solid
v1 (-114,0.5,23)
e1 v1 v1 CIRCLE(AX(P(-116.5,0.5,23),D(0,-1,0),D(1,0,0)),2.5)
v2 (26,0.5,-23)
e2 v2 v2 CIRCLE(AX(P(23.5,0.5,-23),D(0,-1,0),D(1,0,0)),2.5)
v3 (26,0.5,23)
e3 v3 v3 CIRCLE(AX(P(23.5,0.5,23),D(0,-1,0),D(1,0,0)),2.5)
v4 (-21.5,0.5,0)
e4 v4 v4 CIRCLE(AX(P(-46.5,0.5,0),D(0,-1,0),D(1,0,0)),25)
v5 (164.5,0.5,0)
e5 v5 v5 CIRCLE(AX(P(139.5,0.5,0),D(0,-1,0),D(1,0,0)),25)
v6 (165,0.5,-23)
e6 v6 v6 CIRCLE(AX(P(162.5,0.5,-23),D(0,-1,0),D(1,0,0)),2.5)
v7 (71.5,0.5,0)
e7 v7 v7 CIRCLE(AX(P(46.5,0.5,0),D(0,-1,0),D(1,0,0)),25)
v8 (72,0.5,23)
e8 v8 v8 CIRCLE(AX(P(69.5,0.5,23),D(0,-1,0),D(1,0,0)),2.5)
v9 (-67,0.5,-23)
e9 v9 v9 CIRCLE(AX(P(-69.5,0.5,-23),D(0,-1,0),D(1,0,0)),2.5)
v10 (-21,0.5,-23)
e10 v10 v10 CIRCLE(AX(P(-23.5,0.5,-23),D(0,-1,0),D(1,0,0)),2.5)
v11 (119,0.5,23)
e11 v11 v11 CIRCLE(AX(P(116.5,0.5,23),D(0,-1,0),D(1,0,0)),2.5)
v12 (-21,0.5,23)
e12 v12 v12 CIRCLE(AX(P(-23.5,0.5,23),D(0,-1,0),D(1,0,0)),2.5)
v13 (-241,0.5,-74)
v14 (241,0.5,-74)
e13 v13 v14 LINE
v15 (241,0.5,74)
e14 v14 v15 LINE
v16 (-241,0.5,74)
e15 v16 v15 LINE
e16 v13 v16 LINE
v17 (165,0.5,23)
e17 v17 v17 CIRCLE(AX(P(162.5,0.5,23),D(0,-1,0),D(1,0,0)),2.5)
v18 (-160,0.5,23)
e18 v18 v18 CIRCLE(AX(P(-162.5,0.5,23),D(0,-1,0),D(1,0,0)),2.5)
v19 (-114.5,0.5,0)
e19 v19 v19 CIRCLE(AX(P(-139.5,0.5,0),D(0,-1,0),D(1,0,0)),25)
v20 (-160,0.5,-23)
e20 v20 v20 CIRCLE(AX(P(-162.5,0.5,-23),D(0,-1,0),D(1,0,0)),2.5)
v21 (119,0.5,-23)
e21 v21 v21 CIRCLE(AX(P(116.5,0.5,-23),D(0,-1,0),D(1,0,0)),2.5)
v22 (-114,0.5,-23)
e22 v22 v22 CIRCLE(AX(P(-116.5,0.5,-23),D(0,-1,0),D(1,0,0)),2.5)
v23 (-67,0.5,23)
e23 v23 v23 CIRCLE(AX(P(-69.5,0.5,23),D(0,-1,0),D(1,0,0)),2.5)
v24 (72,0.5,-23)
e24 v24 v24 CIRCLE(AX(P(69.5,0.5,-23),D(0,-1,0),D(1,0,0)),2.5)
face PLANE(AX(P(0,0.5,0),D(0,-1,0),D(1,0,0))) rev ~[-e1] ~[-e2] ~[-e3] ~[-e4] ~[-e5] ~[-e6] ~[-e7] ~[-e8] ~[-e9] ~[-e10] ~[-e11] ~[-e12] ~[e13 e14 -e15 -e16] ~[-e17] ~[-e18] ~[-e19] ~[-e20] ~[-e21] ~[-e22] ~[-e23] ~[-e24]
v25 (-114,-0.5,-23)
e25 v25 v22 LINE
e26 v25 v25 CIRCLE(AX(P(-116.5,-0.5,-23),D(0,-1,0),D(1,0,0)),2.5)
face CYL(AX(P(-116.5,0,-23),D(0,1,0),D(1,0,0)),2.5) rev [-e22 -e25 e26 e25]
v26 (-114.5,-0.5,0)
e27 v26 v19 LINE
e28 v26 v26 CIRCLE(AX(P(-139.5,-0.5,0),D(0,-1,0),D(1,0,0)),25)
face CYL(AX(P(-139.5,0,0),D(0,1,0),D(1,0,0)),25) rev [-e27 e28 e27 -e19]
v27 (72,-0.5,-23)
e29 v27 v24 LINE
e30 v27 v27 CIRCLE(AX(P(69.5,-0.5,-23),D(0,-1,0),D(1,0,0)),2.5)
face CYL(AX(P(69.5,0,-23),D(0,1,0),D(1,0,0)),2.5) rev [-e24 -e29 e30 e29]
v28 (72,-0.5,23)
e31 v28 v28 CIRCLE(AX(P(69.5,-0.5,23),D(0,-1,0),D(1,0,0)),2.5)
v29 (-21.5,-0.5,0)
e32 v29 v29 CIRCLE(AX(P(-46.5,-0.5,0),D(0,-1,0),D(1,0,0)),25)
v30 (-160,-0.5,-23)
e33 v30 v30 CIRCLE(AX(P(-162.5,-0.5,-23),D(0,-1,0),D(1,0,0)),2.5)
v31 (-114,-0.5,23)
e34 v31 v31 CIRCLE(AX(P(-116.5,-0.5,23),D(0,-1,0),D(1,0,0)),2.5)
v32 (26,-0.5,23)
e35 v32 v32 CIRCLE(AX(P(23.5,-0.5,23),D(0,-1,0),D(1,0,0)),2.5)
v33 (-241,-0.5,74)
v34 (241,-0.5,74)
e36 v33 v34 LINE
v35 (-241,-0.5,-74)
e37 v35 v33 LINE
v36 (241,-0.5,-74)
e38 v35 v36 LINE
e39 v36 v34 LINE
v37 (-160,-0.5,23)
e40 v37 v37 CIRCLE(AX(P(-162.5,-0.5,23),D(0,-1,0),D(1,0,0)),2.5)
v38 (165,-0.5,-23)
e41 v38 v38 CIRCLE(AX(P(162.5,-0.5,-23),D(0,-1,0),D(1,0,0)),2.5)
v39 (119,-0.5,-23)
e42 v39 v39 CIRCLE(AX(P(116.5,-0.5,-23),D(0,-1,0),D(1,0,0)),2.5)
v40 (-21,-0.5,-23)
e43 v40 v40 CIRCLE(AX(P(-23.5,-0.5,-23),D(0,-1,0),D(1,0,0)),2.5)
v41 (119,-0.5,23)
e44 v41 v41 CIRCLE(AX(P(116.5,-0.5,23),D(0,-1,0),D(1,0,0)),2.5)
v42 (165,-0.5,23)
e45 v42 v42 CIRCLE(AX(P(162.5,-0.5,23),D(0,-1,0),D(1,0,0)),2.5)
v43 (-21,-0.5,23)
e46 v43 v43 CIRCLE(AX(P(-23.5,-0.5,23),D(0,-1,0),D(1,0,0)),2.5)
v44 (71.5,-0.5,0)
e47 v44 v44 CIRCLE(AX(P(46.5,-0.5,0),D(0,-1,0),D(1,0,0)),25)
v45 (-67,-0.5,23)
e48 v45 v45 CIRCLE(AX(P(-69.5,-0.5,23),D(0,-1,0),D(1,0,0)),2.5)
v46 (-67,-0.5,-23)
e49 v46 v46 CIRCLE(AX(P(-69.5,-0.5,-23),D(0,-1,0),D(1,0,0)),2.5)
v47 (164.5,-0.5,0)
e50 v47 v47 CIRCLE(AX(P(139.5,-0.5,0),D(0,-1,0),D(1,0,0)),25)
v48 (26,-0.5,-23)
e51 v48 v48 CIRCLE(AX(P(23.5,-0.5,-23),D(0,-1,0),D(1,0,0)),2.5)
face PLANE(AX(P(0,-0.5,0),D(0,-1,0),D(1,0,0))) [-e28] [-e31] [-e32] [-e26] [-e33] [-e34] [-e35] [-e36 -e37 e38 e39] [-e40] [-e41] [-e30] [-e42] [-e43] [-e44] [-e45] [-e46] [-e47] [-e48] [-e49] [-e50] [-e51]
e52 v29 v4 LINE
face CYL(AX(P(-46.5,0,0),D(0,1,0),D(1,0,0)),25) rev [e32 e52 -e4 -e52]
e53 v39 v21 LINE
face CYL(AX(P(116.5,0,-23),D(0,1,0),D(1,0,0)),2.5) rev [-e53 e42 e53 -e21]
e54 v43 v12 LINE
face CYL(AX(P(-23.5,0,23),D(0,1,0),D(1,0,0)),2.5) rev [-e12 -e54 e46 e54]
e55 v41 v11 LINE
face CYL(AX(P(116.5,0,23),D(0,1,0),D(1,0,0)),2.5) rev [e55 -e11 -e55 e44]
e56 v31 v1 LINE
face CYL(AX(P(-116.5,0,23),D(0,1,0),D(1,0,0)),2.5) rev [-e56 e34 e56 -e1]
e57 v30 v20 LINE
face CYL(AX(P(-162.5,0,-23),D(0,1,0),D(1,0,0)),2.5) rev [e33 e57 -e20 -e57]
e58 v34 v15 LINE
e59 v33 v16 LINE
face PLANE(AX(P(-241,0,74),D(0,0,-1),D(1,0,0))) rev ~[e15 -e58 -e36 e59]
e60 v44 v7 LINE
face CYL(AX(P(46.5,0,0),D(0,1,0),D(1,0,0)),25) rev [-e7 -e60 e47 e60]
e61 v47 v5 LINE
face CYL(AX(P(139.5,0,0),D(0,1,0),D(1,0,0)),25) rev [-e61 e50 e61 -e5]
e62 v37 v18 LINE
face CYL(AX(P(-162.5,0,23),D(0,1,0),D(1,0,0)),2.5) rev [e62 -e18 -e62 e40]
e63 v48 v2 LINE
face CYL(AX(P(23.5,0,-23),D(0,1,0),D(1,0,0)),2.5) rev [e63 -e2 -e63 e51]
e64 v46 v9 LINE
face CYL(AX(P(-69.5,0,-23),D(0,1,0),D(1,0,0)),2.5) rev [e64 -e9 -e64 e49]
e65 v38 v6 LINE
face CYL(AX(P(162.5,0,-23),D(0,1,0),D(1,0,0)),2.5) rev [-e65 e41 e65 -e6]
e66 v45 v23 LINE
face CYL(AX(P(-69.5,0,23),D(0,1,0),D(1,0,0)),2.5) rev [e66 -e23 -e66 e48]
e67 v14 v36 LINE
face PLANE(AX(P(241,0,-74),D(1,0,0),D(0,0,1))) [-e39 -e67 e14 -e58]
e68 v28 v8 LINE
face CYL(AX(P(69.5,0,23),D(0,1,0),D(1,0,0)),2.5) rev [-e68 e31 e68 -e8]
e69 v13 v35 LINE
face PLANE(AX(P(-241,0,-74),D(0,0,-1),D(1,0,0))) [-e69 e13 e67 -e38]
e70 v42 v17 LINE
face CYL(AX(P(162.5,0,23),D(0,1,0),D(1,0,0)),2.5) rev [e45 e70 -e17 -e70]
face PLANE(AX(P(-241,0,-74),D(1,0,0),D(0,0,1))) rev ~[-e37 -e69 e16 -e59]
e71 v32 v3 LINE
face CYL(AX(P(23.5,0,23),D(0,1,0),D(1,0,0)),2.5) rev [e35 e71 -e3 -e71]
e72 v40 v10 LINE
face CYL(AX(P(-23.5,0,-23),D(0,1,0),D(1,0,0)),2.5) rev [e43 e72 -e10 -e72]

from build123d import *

# Parameters (mm, degrees)
F0_W     = 482
F0_H     = 148
F0_R     = 2.5
F0_R_2   = 25
F1_DEPTH = 0.5


with BuildPart() as f1:
    # F0 (on Front) → F1 (new body, symmetric)
    with BuildSketch(Plane.XZ):
        Rectangle(F0_W, F0_H)
        with Locations((-162.5, -23)):
            Circle(F0_R, mode=Mode.SUBTRACT)
        with Locations((-116.5, -23)):
            Circle(F0_R, mode=Mode.SUBTRACT)
        with Locations((-69.5, -23)):
            Circle(F0_R, mode=Mode.SUBTRACT)
        with Locations((-23.5, -23)):
            Circle(F0_R, mode=Mode.SUBTRACT)
        with Locations((23.5, -23)):
            Circle(F0_R, mode=Mode.SUBTRACT)
        with Locations((69.5, -23)):
            Circle(F0_R, mode=Mode.SUBTRACT)
        with Locations((116.5, -23)):
            Circle(F0_R, mode=Mode.SUBTRACT)
        with Locations((162.5, -23)):
            Circle(F0_R, mode=Mode.SUBTRACT)
        with Locations((-139.5, 0)):
            Circle(F0_R_2, mode=Mode.SUBTRACT)
        with Locations((-162.5, 23)):
            Circle(F0_R, mode=Mode.SUBTRACT)
        with Locations((-46.5, 0)):
            Circle(F0_R_2, mode=Mode.SUBTRACT)
        with Locations((-116.5, 23)):
            Circle(F0_R, mode=Mode.SUBTRACT)
        with Locations((-69.5, 23)):
            Circle(F0_R, mode=Mode.SUBTRACT)
        with Locations((-23.5, 23)):
            Circle(F0_R, mode=Mode.SUBTRACT)
        with Locations((46.5, 0)):
            Circle(F0_R_2, mode=Mode.SUBTRACT)
        with Locations((23.5, 23)):
            Circle(F0_R, mode=Mode.SUBTRACT)
        with Locations((69.5, 23)):
            Circle(F0_R, mode=Mode.SUBTRACT)
        with Locations((116.5, 23)):
            Circle(F0_R, mode=Mode.SUBTRACT)
        with Locations((139.5, 0)):
            Circle(F0_R_2, mode=Mode.SUBTRACT)
        with Locations((162.5, 23)):
            Circle(F0_R, mode=Mode.SUBTRACT)
    extrude(amount=F1_DEPTH, both=True)


solid = f1.part
